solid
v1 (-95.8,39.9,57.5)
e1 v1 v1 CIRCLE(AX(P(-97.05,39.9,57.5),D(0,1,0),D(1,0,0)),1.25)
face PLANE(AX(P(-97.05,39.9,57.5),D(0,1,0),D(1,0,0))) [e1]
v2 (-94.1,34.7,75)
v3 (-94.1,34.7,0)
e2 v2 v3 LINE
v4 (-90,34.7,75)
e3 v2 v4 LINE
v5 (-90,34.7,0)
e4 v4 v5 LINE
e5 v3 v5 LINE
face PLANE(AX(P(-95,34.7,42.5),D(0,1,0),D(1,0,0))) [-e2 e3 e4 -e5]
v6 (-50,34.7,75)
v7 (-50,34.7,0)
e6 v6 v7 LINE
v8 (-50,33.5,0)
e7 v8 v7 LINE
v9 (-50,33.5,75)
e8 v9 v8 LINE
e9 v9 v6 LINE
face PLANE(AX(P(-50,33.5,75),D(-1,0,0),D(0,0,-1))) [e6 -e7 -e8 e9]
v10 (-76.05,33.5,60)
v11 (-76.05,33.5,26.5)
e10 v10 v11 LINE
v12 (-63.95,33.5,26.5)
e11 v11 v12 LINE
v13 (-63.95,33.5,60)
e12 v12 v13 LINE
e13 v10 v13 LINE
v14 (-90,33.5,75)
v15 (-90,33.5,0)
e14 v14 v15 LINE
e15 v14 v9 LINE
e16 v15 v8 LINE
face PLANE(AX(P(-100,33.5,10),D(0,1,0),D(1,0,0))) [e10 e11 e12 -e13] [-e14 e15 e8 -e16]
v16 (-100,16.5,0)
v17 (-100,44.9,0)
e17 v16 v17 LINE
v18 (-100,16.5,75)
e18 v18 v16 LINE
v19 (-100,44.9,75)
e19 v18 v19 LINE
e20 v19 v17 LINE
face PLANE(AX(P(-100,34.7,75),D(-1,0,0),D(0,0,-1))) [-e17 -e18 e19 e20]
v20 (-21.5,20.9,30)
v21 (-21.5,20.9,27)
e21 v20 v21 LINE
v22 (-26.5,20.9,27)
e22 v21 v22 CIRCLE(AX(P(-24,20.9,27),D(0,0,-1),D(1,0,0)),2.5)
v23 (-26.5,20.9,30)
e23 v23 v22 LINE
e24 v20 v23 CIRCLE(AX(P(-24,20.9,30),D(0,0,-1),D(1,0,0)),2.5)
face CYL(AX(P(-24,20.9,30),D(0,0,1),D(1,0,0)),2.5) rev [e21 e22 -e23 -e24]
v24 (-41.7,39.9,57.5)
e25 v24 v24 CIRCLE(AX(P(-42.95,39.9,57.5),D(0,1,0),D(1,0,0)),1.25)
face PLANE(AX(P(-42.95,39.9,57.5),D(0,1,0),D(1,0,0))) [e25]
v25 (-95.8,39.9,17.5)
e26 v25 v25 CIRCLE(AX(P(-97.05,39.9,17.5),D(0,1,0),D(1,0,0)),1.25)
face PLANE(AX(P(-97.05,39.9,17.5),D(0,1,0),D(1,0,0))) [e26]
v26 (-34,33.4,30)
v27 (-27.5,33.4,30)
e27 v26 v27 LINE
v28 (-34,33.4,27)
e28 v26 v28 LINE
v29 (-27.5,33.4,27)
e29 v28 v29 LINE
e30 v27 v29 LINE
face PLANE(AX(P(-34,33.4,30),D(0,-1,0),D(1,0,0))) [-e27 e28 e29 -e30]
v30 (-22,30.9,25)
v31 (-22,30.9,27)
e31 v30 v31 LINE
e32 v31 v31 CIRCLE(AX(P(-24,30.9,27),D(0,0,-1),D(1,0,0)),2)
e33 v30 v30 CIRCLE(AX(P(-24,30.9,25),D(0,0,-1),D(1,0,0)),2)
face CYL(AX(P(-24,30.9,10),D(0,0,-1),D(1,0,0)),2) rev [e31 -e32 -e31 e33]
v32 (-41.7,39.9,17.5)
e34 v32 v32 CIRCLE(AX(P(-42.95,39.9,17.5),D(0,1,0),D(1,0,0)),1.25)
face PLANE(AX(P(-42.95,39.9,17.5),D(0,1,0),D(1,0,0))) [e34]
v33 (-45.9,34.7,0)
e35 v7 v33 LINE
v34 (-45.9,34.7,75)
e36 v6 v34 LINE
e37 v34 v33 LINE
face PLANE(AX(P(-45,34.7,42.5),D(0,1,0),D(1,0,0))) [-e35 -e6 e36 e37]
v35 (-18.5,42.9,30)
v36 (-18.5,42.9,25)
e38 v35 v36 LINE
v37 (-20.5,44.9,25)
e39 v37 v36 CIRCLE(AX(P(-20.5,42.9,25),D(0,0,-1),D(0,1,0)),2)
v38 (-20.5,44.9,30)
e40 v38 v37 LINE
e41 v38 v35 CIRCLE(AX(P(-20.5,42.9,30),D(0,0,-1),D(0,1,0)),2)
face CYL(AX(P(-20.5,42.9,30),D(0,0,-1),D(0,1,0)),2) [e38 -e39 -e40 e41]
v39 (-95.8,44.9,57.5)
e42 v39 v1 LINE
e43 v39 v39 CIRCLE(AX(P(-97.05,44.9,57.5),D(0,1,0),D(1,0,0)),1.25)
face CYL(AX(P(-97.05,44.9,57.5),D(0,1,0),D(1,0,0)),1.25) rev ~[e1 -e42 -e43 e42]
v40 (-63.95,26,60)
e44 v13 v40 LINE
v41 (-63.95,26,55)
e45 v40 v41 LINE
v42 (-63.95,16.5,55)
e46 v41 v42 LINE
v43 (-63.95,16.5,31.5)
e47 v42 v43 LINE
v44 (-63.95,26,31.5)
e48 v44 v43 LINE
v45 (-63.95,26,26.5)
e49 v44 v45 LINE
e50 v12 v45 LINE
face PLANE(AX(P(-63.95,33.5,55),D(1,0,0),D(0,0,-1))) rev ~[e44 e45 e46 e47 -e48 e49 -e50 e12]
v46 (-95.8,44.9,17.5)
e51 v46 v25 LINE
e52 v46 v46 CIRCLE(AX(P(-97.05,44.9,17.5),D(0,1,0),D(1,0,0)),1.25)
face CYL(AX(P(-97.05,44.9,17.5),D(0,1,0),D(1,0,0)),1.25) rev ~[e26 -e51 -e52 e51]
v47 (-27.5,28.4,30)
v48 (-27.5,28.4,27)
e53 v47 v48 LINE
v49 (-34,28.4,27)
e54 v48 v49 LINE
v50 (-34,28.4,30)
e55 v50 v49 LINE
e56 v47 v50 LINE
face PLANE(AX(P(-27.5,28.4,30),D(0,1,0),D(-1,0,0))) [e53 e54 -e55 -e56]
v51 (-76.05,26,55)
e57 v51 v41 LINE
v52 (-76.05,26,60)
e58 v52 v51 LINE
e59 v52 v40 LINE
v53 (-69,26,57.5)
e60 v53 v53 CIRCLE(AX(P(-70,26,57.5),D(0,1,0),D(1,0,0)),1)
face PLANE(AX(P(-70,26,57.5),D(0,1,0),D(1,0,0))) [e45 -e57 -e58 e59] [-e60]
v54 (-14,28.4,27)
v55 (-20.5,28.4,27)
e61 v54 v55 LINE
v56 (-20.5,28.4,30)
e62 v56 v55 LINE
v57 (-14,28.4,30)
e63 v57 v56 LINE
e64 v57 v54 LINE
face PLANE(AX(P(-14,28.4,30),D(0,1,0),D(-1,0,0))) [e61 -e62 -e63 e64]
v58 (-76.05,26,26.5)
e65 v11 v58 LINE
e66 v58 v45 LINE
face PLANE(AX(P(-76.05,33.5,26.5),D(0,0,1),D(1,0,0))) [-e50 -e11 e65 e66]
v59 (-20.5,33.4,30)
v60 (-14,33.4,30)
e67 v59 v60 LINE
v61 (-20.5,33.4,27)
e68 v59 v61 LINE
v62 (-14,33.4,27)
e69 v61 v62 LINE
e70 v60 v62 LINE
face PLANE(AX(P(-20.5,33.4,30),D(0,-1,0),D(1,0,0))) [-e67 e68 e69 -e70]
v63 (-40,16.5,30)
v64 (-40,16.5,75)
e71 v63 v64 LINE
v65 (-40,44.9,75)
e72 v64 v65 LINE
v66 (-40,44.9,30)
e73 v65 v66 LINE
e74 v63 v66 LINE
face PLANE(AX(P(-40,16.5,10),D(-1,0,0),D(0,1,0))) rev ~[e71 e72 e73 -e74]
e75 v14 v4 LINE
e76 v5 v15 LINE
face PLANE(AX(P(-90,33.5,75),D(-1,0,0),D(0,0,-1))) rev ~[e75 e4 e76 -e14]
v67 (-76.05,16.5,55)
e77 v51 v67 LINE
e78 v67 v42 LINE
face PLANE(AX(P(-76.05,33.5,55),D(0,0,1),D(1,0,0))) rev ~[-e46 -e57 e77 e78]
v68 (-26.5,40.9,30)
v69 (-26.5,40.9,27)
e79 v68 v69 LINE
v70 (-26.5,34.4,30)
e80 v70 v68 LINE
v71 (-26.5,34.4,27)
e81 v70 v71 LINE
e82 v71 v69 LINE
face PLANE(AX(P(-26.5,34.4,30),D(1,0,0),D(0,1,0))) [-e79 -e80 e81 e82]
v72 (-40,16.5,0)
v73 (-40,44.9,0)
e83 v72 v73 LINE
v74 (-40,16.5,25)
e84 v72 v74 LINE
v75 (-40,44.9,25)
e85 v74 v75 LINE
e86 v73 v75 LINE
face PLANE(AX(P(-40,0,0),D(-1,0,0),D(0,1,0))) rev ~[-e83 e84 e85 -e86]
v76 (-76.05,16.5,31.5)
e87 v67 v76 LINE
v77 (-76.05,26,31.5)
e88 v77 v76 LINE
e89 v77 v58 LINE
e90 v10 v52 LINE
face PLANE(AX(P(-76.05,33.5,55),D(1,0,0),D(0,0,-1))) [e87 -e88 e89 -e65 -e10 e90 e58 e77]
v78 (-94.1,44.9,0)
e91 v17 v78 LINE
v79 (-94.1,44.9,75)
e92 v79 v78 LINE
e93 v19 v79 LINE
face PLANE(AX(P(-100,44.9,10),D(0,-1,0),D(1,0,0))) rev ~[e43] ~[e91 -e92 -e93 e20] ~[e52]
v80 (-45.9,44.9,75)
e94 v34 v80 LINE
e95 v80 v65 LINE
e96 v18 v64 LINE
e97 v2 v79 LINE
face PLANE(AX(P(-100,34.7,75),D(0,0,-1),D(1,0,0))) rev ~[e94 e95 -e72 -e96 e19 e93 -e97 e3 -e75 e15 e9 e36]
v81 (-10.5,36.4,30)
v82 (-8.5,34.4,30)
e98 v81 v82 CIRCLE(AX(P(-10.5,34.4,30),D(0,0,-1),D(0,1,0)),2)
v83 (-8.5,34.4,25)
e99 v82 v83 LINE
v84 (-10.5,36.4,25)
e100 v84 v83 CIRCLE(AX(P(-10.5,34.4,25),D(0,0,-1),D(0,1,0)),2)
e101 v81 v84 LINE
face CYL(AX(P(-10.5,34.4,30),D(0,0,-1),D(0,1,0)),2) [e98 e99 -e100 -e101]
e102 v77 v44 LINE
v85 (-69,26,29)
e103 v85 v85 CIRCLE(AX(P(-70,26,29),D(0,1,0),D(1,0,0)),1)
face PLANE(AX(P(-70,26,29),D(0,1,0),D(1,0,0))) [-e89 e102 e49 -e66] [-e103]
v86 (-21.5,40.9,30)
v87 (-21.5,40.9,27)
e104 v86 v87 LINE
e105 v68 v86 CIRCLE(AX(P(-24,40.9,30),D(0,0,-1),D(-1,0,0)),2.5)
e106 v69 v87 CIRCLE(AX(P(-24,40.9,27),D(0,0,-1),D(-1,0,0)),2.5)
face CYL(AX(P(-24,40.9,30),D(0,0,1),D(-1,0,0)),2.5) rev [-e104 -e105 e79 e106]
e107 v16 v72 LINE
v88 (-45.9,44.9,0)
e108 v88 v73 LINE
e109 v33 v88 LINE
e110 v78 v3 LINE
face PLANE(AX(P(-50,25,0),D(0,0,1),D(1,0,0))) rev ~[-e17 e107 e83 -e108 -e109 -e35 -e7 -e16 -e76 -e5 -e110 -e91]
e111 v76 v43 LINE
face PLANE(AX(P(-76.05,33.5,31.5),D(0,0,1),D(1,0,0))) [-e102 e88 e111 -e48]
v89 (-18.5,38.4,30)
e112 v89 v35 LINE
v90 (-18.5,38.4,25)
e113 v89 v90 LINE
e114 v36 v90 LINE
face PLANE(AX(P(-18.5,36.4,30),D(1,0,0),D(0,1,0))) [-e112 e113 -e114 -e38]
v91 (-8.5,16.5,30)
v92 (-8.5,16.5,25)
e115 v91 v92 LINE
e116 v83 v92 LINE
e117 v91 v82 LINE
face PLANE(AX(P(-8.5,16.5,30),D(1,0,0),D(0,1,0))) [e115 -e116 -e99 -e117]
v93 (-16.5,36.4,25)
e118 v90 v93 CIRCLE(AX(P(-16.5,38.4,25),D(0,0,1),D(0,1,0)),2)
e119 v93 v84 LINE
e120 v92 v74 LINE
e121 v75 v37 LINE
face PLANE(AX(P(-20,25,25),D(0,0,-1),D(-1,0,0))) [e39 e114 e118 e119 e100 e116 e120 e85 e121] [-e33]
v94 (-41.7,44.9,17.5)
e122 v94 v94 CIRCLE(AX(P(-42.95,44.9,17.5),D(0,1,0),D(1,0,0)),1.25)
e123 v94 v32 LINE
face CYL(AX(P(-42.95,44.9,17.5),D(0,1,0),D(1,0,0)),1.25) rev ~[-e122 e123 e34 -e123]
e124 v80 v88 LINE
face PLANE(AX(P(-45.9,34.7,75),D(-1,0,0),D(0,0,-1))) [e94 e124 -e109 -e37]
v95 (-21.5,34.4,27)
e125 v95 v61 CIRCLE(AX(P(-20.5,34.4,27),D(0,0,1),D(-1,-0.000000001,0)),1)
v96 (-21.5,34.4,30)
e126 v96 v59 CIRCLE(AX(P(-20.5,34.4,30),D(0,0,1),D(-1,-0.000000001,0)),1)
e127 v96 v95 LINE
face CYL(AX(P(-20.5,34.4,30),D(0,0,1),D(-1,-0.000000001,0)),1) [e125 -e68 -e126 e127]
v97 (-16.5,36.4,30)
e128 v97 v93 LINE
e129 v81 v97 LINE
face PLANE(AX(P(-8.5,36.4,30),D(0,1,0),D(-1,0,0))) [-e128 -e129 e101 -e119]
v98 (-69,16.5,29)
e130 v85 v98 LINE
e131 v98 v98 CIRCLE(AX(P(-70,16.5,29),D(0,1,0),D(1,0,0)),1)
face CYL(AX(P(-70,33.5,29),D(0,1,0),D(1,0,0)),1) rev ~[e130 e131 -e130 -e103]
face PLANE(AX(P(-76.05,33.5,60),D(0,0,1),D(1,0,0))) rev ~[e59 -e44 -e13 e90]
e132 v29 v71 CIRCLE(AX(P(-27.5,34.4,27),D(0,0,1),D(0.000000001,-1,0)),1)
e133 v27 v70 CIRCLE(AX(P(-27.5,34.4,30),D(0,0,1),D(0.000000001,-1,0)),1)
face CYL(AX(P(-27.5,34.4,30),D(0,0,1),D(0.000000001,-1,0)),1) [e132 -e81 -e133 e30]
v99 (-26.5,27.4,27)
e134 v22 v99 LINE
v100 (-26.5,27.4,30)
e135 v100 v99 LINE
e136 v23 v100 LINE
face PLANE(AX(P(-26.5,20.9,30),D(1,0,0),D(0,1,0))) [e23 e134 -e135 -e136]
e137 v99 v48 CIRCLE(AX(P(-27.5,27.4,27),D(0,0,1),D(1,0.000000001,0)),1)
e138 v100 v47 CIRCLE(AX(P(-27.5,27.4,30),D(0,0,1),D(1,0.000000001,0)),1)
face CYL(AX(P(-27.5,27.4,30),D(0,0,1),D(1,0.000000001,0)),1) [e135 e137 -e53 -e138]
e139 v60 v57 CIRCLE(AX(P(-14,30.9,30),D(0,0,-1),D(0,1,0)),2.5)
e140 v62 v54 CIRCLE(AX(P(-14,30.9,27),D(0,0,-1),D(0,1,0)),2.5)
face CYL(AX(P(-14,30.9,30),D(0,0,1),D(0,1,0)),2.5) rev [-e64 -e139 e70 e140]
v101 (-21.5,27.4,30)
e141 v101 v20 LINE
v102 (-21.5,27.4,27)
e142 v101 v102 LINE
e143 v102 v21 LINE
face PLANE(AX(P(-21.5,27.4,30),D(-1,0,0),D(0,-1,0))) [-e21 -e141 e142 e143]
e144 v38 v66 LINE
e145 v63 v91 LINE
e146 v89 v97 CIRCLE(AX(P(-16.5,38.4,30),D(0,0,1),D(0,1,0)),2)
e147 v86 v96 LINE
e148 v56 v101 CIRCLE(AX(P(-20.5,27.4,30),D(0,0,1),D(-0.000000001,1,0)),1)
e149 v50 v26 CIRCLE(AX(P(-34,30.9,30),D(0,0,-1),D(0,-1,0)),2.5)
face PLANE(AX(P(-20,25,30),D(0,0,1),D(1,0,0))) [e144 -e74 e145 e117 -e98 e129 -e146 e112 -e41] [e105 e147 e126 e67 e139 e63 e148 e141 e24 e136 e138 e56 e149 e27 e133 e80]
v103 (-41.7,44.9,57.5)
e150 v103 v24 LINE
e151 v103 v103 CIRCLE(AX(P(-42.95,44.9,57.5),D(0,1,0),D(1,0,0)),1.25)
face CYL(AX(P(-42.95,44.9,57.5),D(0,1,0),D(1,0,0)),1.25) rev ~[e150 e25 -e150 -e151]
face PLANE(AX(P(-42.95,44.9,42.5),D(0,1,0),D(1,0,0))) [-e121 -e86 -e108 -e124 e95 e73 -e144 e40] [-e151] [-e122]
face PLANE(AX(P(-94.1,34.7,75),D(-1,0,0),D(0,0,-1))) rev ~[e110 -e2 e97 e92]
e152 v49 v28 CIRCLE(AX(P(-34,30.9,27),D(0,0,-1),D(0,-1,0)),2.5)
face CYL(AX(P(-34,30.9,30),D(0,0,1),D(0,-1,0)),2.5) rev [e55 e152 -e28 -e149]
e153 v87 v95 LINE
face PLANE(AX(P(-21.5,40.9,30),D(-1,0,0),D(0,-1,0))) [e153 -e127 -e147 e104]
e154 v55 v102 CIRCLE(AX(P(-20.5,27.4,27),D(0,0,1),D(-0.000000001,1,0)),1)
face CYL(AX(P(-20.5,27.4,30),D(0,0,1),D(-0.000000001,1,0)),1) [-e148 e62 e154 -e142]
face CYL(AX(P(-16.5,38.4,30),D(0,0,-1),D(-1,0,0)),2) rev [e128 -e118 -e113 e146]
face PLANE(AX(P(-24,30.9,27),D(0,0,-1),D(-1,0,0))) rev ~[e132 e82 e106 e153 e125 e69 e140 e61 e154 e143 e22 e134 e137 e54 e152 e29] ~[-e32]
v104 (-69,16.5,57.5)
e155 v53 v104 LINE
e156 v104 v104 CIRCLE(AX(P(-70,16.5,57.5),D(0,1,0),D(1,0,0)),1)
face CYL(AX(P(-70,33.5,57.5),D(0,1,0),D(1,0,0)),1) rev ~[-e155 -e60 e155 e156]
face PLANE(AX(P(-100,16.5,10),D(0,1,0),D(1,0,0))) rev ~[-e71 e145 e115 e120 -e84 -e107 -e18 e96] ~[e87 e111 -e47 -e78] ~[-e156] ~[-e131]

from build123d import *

# Parameters (mm, degrees)
SKIZZE1_W                            = 100
SKIZZE1_H                            = 50
AUFSATZ_LINEAR_AUSTRAGEN1_DEPTH      = 10
SERVOLOCH_R                          = 5
SCHNITT_LINEAR_AUSTRAGEN2_DEPTH      = 11
BREITE_W                             = 60
BREITE_H                             = 17
AUFSATZ_LINEAR_AUSTRAGEN2_DEPTH      = 65
SERVO_W                              = 12.1
SERVO_H                              = 23.5
SERVO_R                              = 1.9
SERVO_R_2                            = 1
SCHNITT_LINEAR_AUSTRAGEN3_DEPTH      = 60
F_1_2MM_SCHIENE_W                    = 10
F_1_2MM_SCHIENE_H                    = 65
AUFSATZ_LINEAR_AUSTRAGEN3_DEPTH      = 1.2
SERVOTIEFER_LEGEN_W                  = 12.1
SERVOTIEFER_LEGEN_H                  = 5
SCHNITT_LINEAR_AUSTRAGEN4_DEPTH      = 7.5
F_10_2MM_SCHIENE_W                   = 5.9
F_10_2MM_SCHIENE_H                   = 65
AUFSATZ_LINEAR_AUSTRAGEN4_DEPTH      = 10.2
SCHNITT_LINEAR_AUSTRAGEN5_DEPTH      = 11
SKIZZE11_W                           = 40
SKIZZE11_H                           = 50
SKIZZE11_R                           = 2
AUFSATZ_LINEAR_AUSTRAGEN5_DEPTH      = 20
SKIZZE12_W                           = 40
SKIZZE12_H                           = 50
SCHNITT_LINEAR_AUSTRAGEN6_DEPTH      = 25
SCHNITT_LINEAR_AUSTRAGEN8_DEPTH      = 3
SCHNITT_LINEAR_AUSTRAGEN9_DEPTH      = 46
SCHNITT_LINEAR_AUSTRAGEN9_DEPTH_BACK = 30
VERRUNDUNG5_R                        = 2
VERRUNDUNG6_R                        = 2
VERRUNDUNG7_R                        = 2
SKIZZE14_R                           = 1.25
SCHNITT_LINEAR_AUSTRAGEN10_DEPTH     = 5


with BuildPart() as part:
    # Skizze1 → Aufsatz-Linear austragen1 (new body)
    with BuildSketch(Plane.XY):
        with Locations((-50, 25)):
            Rectangle(SKIZZE1_W, SKIZZE1_H)
    extrude(amount=AUFSATZ_LINEAR_AUSTRAGEN1_DEPTH)

    # ServoLoch → Schnitt-Linear austragen2 (cut, through all)
    with BuildSketch(Plane.XY.offset(10)):
        with Locations((-22.5, 25)):
            Circle(SERVOLOCH_R)
    extrude(amount=-SCHNITT_LINEAR_AUSTRAGEN2_DEPTH, mode=Mode.SUBTRACT)

    # Breite → Aufsatz-Linear austragen2 (add)
    with BuildSketch(Plane.XY.offset(10)):
        with Locations((-70, 25)):
            Rectangle(BREITE_W, BREITE_H)
    extrude(amount=AUFSATZ_LINEAR_AUSTRAGEN2_DEPTH)

    # Servo → Schnitt-Linear austragen3 (cut)
    with BuildSketch(Plane(origin=(0, 33.5, 0), x_dir=(1, 0, 0), z_dir=(0, 1, 0))):
        with Locations((-70, -43.25)):
            Rectangle(SERVO_W, SERVO_H)
        with Locations((-70, -37.5)):
            Circle(SERVO_R, mode=Mode.SUBTRACT)
        with Locations((-70, -37.5)):
            Circle(SERVO_R)
        with Locations((-70, -29)):
            Circle(SERVO_R_2)
        with Locations((-70, -57.5)):
            Circle(SERVO_R_2)
    extrude(amount=-SCHNITT_LINEAR_AUSTRAGEN3_DEPTH, mode=Mode.SUBTRACT)

    # 1,2mm Schiene → Aufsatz-Linear austragen3 (add)
    with BuildSketch(Plane(origin=(0, 33.5, 0), x_dir=(1, 0, 0), z_dir=(0, 1, 0))):
        with Locations((-95, -42.5)):
            Rectangle(F_1_2MM_SCHIENE_W, F_1_2MM_SCHIENE_H)
        with Locations((-45, -42.5)):
            Rectangle(F_1_2MM_SCHIENE_W, F_1_2MM_SCHIENE_H)
    extrude(amount=AUFSATZ_LINEAR_AUSTRAGEN3_DEPTH)

    # ServoTiefer legen → Schnitt-Linear austragen4 (cut)
    with BuildSketch(Plane(origin=(0, 33.5, 0), x_dir=(1, 0, 0), z_dir=(0, 1, 0))):
        with Locations((-70, -29)):
            Rectangle(SERVOTIEFER_LEGEN_W, SERVOTIEFER_LEGEN_H)
        with Locations((-70, -57.5)):
            Rectangle(SERVOTIEFER_LEGEN_W, SERVOTIEFER_LEGEN_H)
    extrude(amount=-SCHNITT_LINEAR_AUSTRAGEN4_DEPTH, mode=Mode.SUBTRACT)

    # 10,2mm Schiene → Aufsatz-Linear austragen4 (add)
    with BuildSketch(Plane(origin=(0, 34.7, 0), x_dir=(1, 0, 0), z_dir=(0, 1, 0))):
        with Locations((-97.05, -42.5)):
            Rectangle(F_10_2MM_SCHIENE_W, F_10_2MM_SCHIENE_H)
        with Locations((-42.95, -42.5)):
            Rectangle(F_10_2MM_SCHIENE_W, F_10_2MM_SCHIENE_H)
    extrude(amount=AUFSATZ_LINEAR_AUSTRAGEN4_DEPTH)

    # Skizze10 → Schnitt-Linear austragen5 (cut, through all)
    with BuildSketch(Plane.XY.offset(10)):
        Polygon((-100, 44.9), (-94.1, 44.9), (-94.1, 34.7), (-90, 34.7), (-90, 33.5), (-50, 33.5), (-50, 34.7), (-45.9, 34.7), (-45.9, 44.9), (-40, 44.9), (-40, 52.602302565), (-100, 52.602302565), align=None)
    extrude(amount=-SCHNITT_LINEAR_AUSTRAGEN5_DEPTH, mode=Mode.SUBTRACT)

    # Skizze11 → Aufsatz-Linear austragen5 (add)
    with BuildSketch(Plane.XY.offset(10)):
        with Locations((-20, 25)):
            Rectangle(SKIZZE11_W, SKIZZE11_H)
        with Locations((-24, 30.9)):
            Circle(SKIZZE11_R, mode=Mode.SUBTRACT)
    extrude(amount=AUFSATZ_LINEAR_AUSTRAGEN5_DEPTH)

    # Skizze12 → Schnitt-Linear austragen6 (cut)
    with BuildSketch(Plane(origin=(0, 0, 0), x_dir=(-1, 0, 0), z_dir=(0, 0, -1))):
        with Locations((20, 25)):
            Rectangle(SKIZZE12_W, SKIZZE12_H)
    extrude(amount=-SCHNITT_LINEAR_AUSTRAGEN6_DEPTH, mode=Mode.SUBTRACT)

    # Skizze15 → Schnitt-Linear austragen8 (cut)
    with BuildSketch(Plane.XY.offset(30)):
        with BuildLine():
            Line((-21.5, 40.9), (-21.5, 34.4))
            ThreePointArc((-21.5, 34.4), (-21.207106781, 33.692893219), (-20.5, 33.4))
            Line((-20.5, 33.4), (-14, 33.4))
            ThreePointArc((-14, 33.4), (-11.5, 30.9), (-14, 28.4))
            Line((-14, 28.4), (-20.5, 28.4))
            ThreePointArc((-20.5, 28.4), (-21.207106781, 28.107106781), (-21.5, 27.4))
            Line((-21.5, 27.4), (-21.5, 20.9))
            ThreePointArc((-21.5, 20.9), (-24, 18.4), (-26.5, 20.9))
            Line((-26.5, 20.9), (-26.5, 27.4))
            ThreePointArc((-26.5, 27.4), (-26.792893219, 28.107106781), (-27.5, 28.4))
            Line((-27.5, 28.4), (-34, 28.4))
            ThreePointArc((-34, 28.4), (-36.5, 30.9), (-34, 33.4))
            Line((-34, 33.4), (-27.5, 33.4))
            ThreePointArc((-27.5, 33.4), (-26.792893219, 33.692893219), (-26.5, 34.4))
            Line((-26.5, 34.4), (-26.5, 40.9))
            ThreePointArc((-26.5, 40.9), (-24, 43.4), (-21.5, 40.9))
        make_face()
    extrude(amount=-SCHNITT_LINEAR_AUSTRAGEN8_DEPTH, mode=Mode.SUBTRACT)

    # Skizze18 → Schnitt-Linear austragen9 (cut, two sides)
    with BuildSketch(Plane.XY.offset(30)) as schnitt_linear_austragen9_sk:
        Polygon((0, 0), (-100, 0), (-100, 16.5), (-8.5, 16.5), (-8.5, 36.4), (-18.5, 36.4), (-18.5, 44.9), (-40, 44.9), (-40, 50), (0, 50), align=None)
    extrude(amount=SCHNITT_LINEAR_AUSTRAGEN9_DEPTH, mode=Mode.SUBTRACT)
    extrude(schnitt_linear_austragen9_sk.sketch, amount=-SCHNITT_LINEAR_AUSTRAGEN9_DEPTH_BACK, mode=Mode.SUBTRACT)

    # Verrundung5
    verrundung5_edges = [part.edges().sort_by_distance(p)[0] for p in [
        (-18.5, 44.9, 27.5),
    ]]
    fillet(verrundung5_edges, radius=VERRUNDUNG5_R)

    # Verrundung6
    verrundung6_edges = [part.edges().sort_by_distance(p)[0] for p in [
        (-18.5, 36.4, 27.5),
    ]]
    fillet(verrundung6_edges, radius=VERRUNDUNG6_R)

    # Verrundung7
    verrundung7_edges = [part.edges().sort_by_distance(p)[0] for p in [
        (-8.5, 36.4, 27.5),
    ]]
    fillet(verrundung7_edges, radius=VERRUNDUNG7_R)

    # Skizze14 → Schnitt-Linear austragen10 (cut)
    with BuildSketch(Plane(origin=(0, 44.9, 0), x_dir=(1, 0, 0), z_dir=(0, 1, 0))):
        with Locations((-97.05, -57.5)):
            Circle(SKIZZE14_R)
        with Locations((-42.95, -57.5)):
            Circle(SKIZZE14_R)
        with Locations((-42.95, -17.5)):
            Circle(SKIZZE14_R)
        with Locations((-97.05, -17.5)):
            Circle(SKIZZE14_R)
    extrude(amount=-SCHNITT_LINEAR_AUSTRAGEN10_DEPTH, mode=Mode.SUBTRACT)


solid = part.part
